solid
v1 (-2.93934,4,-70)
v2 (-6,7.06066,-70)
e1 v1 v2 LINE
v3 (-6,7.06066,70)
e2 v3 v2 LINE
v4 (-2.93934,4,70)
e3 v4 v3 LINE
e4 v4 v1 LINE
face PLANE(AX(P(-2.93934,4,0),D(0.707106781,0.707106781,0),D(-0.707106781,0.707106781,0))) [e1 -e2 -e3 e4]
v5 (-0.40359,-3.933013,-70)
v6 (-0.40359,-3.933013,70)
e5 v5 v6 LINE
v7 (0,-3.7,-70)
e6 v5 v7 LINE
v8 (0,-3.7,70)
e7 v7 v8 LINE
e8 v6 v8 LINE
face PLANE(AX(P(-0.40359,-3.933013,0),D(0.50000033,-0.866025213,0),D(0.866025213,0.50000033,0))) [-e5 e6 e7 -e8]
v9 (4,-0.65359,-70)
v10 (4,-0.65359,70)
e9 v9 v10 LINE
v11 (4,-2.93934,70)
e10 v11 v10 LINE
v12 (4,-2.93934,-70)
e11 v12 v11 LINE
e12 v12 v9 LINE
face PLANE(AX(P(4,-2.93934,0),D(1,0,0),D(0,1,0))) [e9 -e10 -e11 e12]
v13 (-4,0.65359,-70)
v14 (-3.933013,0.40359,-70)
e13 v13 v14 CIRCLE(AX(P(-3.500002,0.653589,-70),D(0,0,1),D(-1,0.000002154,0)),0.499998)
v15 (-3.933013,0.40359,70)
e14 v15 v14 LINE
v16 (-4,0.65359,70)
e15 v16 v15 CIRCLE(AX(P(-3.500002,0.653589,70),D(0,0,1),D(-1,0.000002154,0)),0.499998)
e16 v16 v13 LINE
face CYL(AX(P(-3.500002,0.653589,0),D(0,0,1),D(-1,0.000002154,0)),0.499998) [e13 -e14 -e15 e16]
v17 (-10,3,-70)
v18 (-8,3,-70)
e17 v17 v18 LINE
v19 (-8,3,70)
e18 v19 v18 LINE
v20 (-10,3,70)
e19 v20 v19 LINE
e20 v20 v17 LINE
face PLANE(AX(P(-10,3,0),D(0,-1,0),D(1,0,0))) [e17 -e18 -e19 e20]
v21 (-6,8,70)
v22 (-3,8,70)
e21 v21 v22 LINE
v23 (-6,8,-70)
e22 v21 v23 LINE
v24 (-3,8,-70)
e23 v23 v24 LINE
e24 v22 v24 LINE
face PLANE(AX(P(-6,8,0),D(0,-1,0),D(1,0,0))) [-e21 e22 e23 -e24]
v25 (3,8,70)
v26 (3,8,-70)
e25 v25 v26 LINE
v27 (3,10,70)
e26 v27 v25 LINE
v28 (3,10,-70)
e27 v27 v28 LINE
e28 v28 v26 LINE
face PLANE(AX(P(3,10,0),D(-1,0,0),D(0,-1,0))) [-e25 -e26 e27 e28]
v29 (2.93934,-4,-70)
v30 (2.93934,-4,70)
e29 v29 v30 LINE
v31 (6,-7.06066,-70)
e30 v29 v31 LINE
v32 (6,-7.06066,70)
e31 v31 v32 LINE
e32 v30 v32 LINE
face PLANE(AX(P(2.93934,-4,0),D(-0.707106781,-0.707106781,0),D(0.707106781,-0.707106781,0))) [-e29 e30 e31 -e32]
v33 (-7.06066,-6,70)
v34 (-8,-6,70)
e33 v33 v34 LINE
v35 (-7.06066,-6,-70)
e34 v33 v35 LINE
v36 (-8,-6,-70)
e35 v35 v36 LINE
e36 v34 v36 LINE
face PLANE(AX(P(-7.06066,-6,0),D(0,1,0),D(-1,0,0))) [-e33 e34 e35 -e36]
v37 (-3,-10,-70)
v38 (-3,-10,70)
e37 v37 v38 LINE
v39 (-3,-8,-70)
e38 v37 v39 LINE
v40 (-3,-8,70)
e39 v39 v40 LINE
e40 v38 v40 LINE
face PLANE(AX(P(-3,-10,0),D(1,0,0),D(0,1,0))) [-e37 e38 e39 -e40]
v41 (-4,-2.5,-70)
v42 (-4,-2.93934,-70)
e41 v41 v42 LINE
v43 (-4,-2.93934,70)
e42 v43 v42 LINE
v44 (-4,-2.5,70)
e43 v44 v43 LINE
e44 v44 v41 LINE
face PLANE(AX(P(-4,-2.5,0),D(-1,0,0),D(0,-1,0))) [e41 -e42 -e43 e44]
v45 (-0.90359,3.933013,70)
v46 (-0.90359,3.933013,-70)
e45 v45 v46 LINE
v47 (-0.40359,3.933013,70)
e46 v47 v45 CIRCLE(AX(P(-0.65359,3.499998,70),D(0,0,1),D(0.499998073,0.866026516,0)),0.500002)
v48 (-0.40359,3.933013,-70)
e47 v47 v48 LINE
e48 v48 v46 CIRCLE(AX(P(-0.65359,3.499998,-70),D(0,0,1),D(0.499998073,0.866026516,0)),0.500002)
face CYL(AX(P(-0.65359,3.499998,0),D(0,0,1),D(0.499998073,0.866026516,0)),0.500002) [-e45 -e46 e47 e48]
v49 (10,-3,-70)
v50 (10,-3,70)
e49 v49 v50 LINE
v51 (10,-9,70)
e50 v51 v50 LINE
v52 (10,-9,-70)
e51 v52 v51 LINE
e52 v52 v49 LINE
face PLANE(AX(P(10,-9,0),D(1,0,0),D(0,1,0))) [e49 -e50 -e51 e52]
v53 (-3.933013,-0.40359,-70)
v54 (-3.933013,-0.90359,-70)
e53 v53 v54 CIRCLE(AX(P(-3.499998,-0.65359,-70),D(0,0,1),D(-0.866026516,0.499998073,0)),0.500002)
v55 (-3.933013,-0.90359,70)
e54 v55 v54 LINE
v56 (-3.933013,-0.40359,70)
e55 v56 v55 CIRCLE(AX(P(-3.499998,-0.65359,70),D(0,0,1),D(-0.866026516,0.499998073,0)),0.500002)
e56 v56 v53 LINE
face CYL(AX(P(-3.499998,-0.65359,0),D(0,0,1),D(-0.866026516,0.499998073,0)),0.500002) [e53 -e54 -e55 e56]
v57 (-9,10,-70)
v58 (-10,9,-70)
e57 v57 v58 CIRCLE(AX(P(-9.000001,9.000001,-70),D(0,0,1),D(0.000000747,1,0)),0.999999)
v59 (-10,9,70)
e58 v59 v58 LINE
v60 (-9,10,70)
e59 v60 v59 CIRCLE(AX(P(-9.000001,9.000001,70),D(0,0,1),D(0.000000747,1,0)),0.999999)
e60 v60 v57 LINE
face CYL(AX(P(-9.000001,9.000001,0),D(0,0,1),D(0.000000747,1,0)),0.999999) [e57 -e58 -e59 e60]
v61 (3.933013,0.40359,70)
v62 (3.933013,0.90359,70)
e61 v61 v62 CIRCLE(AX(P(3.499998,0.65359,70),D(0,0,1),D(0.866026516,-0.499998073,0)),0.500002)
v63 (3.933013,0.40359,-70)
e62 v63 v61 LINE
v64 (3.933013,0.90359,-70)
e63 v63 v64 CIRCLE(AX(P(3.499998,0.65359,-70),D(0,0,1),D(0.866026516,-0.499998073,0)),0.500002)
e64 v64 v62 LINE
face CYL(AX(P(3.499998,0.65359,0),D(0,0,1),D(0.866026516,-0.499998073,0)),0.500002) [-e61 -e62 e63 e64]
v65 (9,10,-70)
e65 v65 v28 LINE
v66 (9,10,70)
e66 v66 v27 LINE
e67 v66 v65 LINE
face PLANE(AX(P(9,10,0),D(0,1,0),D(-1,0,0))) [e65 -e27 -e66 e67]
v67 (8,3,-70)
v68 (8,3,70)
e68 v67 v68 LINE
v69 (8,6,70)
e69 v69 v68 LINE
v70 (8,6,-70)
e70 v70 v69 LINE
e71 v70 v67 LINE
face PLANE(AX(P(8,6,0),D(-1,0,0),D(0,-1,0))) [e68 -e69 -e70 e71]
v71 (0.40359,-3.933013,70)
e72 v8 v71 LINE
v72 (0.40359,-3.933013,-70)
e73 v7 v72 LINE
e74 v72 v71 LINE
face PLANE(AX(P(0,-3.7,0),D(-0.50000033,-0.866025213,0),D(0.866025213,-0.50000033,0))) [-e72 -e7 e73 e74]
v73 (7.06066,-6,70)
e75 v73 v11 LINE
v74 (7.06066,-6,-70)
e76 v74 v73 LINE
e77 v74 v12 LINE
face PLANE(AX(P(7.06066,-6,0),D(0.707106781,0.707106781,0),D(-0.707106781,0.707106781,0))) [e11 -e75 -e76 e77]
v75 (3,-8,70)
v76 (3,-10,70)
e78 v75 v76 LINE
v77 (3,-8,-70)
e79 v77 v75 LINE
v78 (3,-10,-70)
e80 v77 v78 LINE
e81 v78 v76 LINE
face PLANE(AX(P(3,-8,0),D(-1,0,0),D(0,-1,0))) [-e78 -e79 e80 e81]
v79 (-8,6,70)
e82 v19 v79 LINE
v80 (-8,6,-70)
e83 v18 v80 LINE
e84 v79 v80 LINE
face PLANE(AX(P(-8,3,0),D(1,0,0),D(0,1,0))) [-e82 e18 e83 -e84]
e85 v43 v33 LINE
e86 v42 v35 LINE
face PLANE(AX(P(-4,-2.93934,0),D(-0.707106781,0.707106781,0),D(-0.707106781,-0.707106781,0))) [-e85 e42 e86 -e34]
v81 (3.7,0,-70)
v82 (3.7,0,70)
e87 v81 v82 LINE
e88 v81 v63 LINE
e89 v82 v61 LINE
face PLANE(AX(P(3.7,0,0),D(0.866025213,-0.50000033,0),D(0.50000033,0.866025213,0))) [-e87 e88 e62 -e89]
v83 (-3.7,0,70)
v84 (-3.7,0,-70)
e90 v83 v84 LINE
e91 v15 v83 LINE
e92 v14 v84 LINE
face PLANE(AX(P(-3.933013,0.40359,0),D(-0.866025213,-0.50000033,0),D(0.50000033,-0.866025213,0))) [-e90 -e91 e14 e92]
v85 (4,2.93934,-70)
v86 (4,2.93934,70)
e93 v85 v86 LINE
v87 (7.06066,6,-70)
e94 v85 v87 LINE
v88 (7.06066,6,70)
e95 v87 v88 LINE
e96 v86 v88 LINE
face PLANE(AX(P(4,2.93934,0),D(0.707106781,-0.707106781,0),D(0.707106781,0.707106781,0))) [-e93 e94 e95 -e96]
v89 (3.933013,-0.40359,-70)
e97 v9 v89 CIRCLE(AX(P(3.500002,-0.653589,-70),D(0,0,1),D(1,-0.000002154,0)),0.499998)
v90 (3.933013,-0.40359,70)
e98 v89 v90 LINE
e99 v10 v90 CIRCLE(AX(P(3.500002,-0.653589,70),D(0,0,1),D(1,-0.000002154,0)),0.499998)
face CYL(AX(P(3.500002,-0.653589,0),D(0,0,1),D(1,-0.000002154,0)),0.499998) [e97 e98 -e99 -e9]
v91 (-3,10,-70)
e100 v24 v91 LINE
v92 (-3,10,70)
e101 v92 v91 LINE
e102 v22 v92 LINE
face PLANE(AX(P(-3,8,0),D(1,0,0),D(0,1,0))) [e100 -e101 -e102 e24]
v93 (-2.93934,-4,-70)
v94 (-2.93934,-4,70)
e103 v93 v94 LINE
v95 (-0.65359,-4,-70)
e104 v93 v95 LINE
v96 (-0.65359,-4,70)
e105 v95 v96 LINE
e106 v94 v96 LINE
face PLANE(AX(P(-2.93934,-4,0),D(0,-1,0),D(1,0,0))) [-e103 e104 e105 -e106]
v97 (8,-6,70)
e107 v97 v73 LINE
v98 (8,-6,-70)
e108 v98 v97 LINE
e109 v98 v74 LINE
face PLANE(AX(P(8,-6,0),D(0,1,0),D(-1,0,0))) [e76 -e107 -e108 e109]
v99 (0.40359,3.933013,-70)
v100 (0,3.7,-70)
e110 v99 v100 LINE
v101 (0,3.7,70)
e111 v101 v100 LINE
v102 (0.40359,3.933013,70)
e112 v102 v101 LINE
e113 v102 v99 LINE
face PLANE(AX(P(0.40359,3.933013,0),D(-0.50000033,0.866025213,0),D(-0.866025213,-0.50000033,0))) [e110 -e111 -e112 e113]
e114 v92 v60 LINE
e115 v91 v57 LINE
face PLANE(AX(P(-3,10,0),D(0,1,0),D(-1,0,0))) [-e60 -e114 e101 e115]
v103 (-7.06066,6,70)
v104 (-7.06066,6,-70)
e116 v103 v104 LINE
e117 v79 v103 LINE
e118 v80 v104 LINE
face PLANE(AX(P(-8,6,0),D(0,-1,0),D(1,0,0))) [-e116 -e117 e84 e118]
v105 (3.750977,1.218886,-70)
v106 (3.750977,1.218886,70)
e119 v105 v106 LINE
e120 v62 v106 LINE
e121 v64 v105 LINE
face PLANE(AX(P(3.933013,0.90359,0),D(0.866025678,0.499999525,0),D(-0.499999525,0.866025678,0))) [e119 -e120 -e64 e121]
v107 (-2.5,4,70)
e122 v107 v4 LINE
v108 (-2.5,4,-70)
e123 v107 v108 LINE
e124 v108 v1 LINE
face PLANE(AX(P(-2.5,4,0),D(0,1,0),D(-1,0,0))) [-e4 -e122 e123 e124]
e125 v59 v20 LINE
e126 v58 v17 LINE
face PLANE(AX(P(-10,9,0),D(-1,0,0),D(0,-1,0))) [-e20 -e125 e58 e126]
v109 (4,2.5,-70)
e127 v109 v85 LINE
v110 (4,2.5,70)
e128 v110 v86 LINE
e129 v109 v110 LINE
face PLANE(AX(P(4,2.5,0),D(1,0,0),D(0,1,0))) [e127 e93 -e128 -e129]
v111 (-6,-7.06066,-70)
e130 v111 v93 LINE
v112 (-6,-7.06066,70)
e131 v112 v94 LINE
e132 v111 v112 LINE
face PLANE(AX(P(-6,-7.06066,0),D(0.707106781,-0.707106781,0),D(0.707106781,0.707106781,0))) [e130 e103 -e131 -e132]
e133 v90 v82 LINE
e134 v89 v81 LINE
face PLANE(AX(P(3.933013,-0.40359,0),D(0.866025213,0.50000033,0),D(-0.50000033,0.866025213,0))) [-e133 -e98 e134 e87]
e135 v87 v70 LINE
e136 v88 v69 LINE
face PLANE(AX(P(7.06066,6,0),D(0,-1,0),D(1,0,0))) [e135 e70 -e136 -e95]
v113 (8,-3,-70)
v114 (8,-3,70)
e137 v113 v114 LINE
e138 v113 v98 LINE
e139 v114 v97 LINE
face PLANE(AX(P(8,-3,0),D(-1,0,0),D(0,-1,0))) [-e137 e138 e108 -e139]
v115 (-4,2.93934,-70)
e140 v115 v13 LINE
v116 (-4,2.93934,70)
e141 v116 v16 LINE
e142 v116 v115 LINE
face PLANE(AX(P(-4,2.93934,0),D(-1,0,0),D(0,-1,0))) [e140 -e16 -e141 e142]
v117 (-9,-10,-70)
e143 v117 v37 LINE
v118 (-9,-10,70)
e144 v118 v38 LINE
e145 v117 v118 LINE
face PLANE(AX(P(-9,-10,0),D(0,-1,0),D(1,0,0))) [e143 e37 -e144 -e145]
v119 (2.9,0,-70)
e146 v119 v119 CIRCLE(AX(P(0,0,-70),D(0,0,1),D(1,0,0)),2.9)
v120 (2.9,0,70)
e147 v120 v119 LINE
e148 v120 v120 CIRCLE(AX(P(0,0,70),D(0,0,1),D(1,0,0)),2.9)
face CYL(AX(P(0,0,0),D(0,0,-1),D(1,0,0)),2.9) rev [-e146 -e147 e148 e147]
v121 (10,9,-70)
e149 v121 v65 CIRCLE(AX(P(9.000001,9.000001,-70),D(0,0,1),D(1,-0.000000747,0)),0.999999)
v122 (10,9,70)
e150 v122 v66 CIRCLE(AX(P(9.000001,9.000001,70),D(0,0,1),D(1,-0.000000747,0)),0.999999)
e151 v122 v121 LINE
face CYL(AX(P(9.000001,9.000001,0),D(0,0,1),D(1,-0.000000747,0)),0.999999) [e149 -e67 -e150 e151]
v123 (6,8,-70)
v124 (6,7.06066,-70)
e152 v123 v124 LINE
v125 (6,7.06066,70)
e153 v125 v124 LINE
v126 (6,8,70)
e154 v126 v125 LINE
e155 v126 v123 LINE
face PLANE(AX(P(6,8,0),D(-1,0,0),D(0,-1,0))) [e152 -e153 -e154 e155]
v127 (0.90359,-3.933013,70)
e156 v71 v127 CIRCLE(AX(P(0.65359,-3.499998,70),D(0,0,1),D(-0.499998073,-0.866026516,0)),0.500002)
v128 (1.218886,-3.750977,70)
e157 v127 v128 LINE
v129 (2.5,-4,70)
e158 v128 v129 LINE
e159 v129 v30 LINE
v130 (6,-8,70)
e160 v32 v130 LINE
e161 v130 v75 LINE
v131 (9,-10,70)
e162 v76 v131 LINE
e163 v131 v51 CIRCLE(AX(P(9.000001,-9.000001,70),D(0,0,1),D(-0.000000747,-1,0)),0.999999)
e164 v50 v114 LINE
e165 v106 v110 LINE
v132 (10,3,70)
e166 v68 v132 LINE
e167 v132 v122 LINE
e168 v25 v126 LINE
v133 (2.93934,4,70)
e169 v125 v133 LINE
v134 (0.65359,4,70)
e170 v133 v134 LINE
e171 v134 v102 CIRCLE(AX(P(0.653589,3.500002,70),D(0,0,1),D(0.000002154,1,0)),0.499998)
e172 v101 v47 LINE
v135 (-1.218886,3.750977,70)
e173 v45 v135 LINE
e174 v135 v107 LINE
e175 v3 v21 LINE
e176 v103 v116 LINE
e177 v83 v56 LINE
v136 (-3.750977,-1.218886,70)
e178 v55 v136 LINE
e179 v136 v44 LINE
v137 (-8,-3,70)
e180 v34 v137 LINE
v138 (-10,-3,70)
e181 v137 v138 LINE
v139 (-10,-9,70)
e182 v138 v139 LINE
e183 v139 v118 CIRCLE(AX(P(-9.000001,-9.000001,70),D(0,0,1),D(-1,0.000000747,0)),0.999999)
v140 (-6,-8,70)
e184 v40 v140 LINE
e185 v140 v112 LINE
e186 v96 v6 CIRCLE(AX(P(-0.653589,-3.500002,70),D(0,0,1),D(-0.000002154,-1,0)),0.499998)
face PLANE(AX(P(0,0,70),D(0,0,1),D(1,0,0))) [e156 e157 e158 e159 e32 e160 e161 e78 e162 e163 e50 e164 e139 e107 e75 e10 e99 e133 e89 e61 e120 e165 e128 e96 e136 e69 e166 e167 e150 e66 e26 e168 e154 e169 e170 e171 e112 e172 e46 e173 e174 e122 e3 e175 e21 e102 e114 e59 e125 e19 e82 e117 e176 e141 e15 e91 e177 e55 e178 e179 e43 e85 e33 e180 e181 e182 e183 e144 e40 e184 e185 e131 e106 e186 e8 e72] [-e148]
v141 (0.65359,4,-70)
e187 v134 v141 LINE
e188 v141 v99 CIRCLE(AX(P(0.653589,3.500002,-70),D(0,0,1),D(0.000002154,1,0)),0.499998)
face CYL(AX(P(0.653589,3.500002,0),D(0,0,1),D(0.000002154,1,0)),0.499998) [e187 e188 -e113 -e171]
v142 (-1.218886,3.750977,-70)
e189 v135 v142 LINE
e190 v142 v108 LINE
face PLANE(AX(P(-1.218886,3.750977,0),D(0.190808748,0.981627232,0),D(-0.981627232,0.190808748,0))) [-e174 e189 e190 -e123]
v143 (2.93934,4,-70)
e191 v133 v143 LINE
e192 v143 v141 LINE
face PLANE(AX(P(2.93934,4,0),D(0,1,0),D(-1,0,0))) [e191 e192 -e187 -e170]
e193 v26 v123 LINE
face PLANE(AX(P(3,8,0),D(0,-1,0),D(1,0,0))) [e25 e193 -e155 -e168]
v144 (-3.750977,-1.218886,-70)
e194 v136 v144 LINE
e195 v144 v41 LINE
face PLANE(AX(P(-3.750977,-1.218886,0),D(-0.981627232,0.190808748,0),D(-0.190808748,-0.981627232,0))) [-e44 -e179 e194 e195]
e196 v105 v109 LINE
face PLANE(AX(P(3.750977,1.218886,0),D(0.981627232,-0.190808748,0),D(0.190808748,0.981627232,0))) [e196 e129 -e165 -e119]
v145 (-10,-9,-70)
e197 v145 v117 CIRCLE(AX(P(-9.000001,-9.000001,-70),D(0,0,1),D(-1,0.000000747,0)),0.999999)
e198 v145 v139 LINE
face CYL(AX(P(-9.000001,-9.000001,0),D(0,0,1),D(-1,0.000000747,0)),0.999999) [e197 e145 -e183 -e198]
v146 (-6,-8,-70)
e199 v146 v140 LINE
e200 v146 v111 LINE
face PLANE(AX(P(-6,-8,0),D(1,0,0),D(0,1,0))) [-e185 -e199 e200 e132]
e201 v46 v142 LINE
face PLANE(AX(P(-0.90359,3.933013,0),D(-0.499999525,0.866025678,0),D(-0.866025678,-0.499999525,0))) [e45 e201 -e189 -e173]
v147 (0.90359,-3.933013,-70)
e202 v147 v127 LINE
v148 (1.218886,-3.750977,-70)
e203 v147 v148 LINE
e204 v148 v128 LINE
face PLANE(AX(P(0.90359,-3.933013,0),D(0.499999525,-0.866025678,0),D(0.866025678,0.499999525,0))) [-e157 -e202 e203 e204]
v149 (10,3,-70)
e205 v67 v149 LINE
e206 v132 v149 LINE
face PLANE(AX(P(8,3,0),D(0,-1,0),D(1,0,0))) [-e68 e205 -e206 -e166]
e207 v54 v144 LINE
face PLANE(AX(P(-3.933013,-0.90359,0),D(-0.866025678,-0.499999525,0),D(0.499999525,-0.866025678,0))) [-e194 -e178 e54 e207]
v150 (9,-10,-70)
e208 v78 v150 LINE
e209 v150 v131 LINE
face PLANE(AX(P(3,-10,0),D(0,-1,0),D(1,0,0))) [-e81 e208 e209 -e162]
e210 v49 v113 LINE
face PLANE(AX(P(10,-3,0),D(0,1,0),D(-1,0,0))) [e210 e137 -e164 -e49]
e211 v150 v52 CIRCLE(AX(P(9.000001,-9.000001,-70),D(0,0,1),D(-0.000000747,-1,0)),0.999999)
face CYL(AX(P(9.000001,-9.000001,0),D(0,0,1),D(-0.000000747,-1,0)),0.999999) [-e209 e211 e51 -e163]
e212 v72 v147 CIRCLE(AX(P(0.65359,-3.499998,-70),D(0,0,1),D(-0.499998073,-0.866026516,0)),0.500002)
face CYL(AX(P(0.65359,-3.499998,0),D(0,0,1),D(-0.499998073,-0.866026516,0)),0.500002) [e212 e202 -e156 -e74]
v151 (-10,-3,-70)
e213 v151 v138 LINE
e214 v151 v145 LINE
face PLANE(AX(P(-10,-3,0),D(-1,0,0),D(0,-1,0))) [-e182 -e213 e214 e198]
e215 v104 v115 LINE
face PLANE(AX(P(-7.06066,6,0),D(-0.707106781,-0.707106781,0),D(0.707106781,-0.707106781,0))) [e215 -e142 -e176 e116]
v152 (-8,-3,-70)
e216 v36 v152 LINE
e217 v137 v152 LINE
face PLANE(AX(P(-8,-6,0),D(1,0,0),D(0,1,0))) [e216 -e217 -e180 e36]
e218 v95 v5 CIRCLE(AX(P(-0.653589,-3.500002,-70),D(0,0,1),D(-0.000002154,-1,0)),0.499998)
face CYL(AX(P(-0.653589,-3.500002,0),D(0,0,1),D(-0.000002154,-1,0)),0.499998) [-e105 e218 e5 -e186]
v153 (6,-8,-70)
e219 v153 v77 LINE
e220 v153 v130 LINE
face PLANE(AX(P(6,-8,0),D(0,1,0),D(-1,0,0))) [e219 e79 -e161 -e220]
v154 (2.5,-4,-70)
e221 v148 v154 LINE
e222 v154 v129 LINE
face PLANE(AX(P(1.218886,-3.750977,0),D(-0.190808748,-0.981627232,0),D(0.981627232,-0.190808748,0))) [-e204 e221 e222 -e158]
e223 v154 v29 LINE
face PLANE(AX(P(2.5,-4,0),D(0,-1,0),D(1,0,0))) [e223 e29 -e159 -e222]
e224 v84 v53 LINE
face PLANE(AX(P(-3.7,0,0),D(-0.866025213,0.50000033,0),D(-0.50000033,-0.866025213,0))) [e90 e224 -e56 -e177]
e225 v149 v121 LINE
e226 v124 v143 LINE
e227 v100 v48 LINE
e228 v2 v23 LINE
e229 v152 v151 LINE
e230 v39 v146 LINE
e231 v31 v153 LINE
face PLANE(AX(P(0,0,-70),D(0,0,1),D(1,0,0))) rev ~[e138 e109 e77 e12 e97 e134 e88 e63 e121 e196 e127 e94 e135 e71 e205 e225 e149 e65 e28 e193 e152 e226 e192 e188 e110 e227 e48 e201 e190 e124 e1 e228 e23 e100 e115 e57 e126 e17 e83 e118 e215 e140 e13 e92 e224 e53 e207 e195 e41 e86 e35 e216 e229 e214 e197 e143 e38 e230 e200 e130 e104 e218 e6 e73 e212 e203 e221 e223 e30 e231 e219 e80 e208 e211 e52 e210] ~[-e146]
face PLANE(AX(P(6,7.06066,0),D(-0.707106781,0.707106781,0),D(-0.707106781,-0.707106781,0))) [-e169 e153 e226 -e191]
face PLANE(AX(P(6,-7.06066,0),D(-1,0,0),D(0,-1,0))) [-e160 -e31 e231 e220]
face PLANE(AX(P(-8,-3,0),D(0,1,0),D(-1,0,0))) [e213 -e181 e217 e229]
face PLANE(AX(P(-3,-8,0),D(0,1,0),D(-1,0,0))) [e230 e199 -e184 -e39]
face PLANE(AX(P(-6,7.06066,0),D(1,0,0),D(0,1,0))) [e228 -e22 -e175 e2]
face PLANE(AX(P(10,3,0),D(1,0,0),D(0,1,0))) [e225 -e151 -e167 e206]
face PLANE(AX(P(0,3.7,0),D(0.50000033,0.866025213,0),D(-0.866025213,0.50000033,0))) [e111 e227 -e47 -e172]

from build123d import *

# Parameters (mm, degrees)
SKETCH001_R = 2.9
PAD_DEPTH   = 70


with BuildPart() as part:
    # Sketch001 → Pad (new body, symmetric)
    with BuildSketch(Plane.XY):
        with BuildLine():
            Line((-8, -3), (-10, -3))
            Line((-10, -3), (-10, -9))
            ThreePointArc((-10, -9), (-9.707107, -9.707107), (-9, -10))
            Line((-9, -10), (-3, -10))
            Line((-3, -10), (-3, -8))
            Line((-3, -8), (-6, -8))
            Line((-6, -8), (-6, -7.06066))
            Line((-6, -7.06066), (-2.93934, -4))
            Line((-2.93934, -4), (-0.65359, -4))
            ThreePointArc((-0.65359, -4), (-0.52418, -3.982963), (-0.40359, -3.933013))
            Line((-0.40359, -3.933013), (0, -3.7))
            Line((0, -3.7), (0.40359, -3.933013))
            ThreePointArc((0.40359, -3.933013), (0.65359, -4), (0.90359, -3.933013))
            Line((0.90359, -3.933013), (1.218886, -3.750977))
            Line((1.218886, -3.750977), (2.5, -4))
            Line((2.5, -4), (2.93934, -4))
            Line((2.93934, -4), (6, -7.06066))
            Line((6, -7.06066), (6, -8))
            Line((6, -8), (3, -8))
            Line((3, -8), (3, -10))
            Line((3, -10), (9, -10))
            ThreePointArc((9, -10), (9.707107, -9.707107), (10, -9))
            Line((10, -9), (10, -3))
            Line((10, -3), (8, -3))
            Line((8, -3), (8, -6))
            Line((8, -6), (7.06066, -6))
            Line((7.06066, -6), (4, -2.93934))
            Line((4, -2.93934), (4, -0.65359))
            ThreePointArc((4, -0.65359), (3.982963, -0.52418), (3.933013, -0.40359))
            Line((3.933013, -0.40359), (3.7, 0))
            Line((3.7, 0), (3.933013, 0.40359))
            ThreePointArc((3.933013, 0.40359), (4, 0.65359), (3.933013, 0.90359))
            Line((3.933013, 0.90359), (3.750977, 1.218886))
            Line((3.750977, 1.218886), (4, 2.5))
            Line((4, 2.5), (4, 2.93934))
            Line((4, 2.93934), (7.06066, 6))
            Line((7.06066, 6), (8, 6))
            Line((8, 6), (8, 3))
            Line((8, 3), (10, 3))
            Line((10, 3), (10, 9))
            ThreePointArc((10, 9), (9.707107, 9.707107), (9, 10))
            Line((9, 10), (3, 10))
            Line((3, 10), (3, 8))
            Line((3, 8), (6, 8))
            Line((6, 8), (6, 7.06066))
            Line((6, 7.06066), (2.93934, 4))
            Line((2.93934, 4), (0.65359, 4))
            ThreePointArc((0.65359, 4), (0.52418, 3.982963), (0.40359, 3.933013))
            Line((0.40359, 3.933013), (0, 3.7))
            Line((0, 3.7), (-0.40359, 3.933013))
            ThreePointArc((-0.40359, 3.933013), (-0.65359, 4), (-0.90359, 3.933013))
            Line((-0.90359, 3.933013), (-1.218886, 3.750977))
            Line((-1.218886, 3.750977), (-2.5, 4))
            Line((-2.5, 4), (-2.93934, 4))
            Line((-2.93934, 4), (-6, 7.06066))
            Line((-6, 7.06066), (-6, 8))
            Line((-6, 8), (-3, 8))
            Line((-3, 8), (-3, 10))
            Line((-3, 10), (-9, 10))
            ThreePointArc((-9, 10), (-9.707107, 9.707107), (-10, 9))
            Line((-10, 9), (-10, 3))
            Line((-10, 3), (-8, 3))
            Line((-8, 3), (-8, 6))
            Line((-8, 6), (-7.06066, 6))
            Line((-7.06066, 6), (-4, 2.93934))
            Line((-4, 2.93934), (-4, 0.65359))
            ThreePointArc((-4, 0.65359), (-3.982963, 0.52418), (-3.933013, 0.40359))
            Line((-3.933013, 0.40359), (-3.7, 0))
            Line((-3.7, 0), (-3.933013, -0.40359))
            ThreePointArc((-3.933013, -0.40359), (-4, -0.65359), (-3.933013, -0.90359))
            Line((-3.933013, -0.90359), (-3.750977, -1.218886))
            Line((-3.750977, -1.218886), (-4, -2.5))
            Line((-4, -2.5), (-4, -2.93934))
            Line((-4, -2.93934), (-7.06066, -6))
            Line((-7.06066, -6), (-8, -6))
            Line((-8, -6), (-8, -3))
        make_face()
        Circle(SKETCH001_R, mode=Mode.SUBTRACT)
    extrude(amount=PAD_DEPTH, both=True)


solid = part.part
